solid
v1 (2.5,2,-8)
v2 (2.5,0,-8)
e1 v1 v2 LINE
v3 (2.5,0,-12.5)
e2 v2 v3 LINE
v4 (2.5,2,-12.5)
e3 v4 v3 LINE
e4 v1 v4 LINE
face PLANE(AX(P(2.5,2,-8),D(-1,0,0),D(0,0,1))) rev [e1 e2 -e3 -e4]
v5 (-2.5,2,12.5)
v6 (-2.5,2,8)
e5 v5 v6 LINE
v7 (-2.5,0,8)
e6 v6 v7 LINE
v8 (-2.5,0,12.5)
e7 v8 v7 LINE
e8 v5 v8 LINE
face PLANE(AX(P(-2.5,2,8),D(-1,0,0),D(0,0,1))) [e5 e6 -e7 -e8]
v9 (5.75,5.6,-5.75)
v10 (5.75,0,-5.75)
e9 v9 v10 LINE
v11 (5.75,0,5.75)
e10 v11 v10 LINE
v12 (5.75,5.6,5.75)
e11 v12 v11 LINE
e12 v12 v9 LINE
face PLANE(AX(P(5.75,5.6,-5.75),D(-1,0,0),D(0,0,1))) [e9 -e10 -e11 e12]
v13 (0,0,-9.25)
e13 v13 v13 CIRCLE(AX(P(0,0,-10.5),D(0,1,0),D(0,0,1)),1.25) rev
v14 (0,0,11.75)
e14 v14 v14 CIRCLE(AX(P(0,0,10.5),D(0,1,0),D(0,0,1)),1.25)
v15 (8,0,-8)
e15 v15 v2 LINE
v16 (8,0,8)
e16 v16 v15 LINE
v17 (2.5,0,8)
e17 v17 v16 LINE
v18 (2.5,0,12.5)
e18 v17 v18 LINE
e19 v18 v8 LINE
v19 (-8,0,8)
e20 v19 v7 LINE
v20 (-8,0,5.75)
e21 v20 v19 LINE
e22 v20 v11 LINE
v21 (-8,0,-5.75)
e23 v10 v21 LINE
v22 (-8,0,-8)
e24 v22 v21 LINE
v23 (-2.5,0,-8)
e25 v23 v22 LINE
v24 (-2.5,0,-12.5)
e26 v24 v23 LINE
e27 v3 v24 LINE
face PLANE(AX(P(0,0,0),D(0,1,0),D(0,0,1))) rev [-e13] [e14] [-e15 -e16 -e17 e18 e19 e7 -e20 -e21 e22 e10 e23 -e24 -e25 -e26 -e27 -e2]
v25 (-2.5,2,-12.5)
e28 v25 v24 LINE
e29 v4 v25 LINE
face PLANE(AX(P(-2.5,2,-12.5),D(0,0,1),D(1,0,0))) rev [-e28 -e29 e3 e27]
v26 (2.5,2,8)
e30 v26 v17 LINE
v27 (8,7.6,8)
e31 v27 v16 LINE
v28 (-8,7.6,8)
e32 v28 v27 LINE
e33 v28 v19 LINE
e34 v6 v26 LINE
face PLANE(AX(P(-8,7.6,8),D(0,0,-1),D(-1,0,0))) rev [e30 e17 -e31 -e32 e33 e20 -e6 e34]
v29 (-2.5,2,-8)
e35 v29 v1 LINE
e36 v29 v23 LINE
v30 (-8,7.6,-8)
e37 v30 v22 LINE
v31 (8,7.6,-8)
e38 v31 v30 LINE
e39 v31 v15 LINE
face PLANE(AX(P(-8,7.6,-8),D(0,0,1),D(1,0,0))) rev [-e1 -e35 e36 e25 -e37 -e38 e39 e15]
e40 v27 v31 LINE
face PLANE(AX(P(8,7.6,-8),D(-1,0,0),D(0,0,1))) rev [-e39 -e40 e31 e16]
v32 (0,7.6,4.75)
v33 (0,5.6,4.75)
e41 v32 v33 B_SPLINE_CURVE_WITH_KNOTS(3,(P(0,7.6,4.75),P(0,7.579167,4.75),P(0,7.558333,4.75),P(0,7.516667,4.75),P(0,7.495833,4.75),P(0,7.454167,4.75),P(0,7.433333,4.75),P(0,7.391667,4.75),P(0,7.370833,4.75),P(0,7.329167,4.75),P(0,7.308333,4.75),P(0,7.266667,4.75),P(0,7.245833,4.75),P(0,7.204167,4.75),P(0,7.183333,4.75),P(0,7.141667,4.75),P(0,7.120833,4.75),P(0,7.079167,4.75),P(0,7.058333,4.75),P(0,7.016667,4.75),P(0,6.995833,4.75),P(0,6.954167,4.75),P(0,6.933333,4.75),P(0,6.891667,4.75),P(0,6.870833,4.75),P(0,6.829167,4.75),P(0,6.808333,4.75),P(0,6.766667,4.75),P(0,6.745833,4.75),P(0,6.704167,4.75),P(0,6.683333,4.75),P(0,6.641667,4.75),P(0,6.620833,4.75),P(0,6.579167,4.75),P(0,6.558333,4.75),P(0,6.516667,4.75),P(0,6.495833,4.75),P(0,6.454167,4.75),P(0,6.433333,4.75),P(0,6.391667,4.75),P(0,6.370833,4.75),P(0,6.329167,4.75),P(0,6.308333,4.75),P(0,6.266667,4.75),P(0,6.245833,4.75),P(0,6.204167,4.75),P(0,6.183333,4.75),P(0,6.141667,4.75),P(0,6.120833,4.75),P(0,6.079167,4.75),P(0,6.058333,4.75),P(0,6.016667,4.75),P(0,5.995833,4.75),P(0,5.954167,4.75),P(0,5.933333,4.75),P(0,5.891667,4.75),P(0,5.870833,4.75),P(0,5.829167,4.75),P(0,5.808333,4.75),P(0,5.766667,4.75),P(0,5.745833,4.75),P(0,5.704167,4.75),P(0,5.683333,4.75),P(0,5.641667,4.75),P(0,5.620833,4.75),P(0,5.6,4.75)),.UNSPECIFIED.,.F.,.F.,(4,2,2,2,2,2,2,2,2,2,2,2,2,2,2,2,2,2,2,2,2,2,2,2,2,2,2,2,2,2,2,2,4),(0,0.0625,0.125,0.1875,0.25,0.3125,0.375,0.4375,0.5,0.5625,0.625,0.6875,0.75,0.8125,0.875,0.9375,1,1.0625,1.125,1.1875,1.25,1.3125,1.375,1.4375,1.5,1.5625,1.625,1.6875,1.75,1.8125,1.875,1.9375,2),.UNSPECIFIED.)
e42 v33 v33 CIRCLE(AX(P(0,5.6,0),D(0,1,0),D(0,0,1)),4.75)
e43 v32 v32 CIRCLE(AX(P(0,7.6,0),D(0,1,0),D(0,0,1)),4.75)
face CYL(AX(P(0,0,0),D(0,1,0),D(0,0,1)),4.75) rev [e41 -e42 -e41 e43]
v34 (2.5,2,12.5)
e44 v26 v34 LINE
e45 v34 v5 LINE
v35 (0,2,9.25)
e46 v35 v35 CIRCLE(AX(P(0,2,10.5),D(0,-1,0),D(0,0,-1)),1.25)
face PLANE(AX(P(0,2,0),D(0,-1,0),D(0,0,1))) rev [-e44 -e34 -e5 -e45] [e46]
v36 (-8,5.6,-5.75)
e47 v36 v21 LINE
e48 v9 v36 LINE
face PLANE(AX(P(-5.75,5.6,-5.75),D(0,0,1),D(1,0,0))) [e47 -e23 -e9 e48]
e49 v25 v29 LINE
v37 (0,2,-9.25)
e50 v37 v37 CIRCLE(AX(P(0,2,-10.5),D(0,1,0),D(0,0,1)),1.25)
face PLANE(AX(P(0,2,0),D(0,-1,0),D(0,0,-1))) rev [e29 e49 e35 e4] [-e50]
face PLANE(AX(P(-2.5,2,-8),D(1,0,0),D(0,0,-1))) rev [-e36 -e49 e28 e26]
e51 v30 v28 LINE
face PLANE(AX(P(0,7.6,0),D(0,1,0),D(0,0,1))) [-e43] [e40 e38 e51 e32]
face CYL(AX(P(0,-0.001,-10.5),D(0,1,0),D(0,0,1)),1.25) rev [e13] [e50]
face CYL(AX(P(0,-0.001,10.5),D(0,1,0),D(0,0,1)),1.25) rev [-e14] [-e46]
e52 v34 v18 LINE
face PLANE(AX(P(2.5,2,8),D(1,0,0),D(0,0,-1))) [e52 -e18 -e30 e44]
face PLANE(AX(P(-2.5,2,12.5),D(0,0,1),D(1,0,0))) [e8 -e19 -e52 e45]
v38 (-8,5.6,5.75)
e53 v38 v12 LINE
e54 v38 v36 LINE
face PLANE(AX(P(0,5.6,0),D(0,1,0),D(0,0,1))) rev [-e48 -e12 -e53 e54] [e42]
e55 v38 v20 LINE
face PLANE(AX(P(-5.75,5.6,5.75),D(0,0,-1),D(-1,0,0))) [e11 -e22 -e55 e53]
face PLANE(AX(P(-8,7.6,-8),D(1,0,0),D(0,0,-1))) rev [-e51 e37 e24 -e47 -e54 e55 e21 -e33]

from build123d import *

# Parameters (mm, degrees)
SKETCH1_W           = 16
SKETCH1_H           = 16
BOSS_EXTRUDE1_DEPTH = 7.6
SKETCH2_W           = 11.5
SKETCH2_H           = 11.5
CUT_EXTRUDE1_DEPTH  = 5.6
SKETCH3_W           = 2.25
SKETCH3_H           = 11.5
CUT_EXTRUDE2_DEPTH  = 5.6
SKETCH4_R           = 4.75
CUT_EXTRUDE3_DEPTH  = 7.6
SKETCH5_W           = 5
SKETCH5_H           = 4.5
BOSS_EXTRUDE2_DEPTH = 2
CUT_EXTRUDE4_REACH  = 17.862
SKETCH6_R           = 1.25


with BuildPart() as part:
    # Sketch1 → Boss-Extrude1 (new body)
    with BuildSketch(Plane(origin=(0, 0, 0), x_dir=(1, 0, 0), z_dir=(0, 1, 0))):
        Rectangle(SKETCH1_W, SKETCH1_H)
    extrude(amount=BOSS_EXTRUDE1_DEPTH)

    # Sketch2 → Cut-Extrude1 (cut)
    with BuildSketch(Plane(origin=(0, 0, 0), x_dir=(1, 0, 0), z_dir=(0, 1, 0))):
        Rectangle(SKETCH2_W, SKETCH2_H)
    extrude(amount=CUT_EXTRUDE1_DEPTH, mode=Mode.SUBTRACT)

    # Sketch3 → Cut-Extrude2 (cut)
    with BuildSketch(Plane.XZ):
        with Locations((-6.875, 0)):
            Rectangle(SKETCH3_W, SKETCH3_H)
    extrude(amount=-CUT_EXTRUDE2_DEPTH, mode=Mode.SUBTRACT)

    # Sketch4 → Cut-Extrude3 (cut)
    with BuildSketch(Plane(origin=(0, 7.6, 0), x_dir=(1, 0, 0), z_dir=(0, 1, 0))):
        with Locations(Location((0, 0, 0), (0, 0, 270))):
            Circle(SKETCH4_R)
    extrude(amount=-CUT_EXTRUDE3_DEPTH, mode=Mode.SUBTRACT)

    # Sketch5 → Boss-Extrude2 (add)
    with BuildSketch(Plane(origin=(0, 0, 0), x_dir=(1, 0, 0), z_dir=(0, 1, 0))):
        with Locations((0, 10.25)):
            Rectangle(SKETCH5_W, SKETCH5_H)
    boss_extrude2 = extrude(amount=BOSS_EXTRUDE2_DEPTH)

    # Sketch6 → Cut-Extrude4 (cut, up to next)
    with BuildSketch(Plane(origin=(0, 2, 0), x_dir=(1, 0, 0), z_dir=(0, 1, 0)), mode=Mode.PRIVATE) as cut_extrude4_sk1:
        with Locations(Location((0, 10.5, 0), (0, 0, 270))):
            Circle(SKETCH6_R)
    cut_extrude4_tool1 = extrude(cut_extrude4_sk1.sketch, amount=-CUT_EXTRUDE4_REACH, mode=Mode.PRIVATE) & part.part
    cut_extrude4 = cut_extrude4_tool1.solids().sort_by_distance((0, 2, -10.5))[0]
    add(cut_extrude4, mode=Mode.SUBTRACT)

    # Mirror1: Boss-Extrude2, Cut-Extrude4 across plane
    add(boss_extrude2.mirror(Plane.XY))
    add(cut_extrude4.mirror(Plane.XY), mode=Mode.SUBTRACT)


solid = part.part
